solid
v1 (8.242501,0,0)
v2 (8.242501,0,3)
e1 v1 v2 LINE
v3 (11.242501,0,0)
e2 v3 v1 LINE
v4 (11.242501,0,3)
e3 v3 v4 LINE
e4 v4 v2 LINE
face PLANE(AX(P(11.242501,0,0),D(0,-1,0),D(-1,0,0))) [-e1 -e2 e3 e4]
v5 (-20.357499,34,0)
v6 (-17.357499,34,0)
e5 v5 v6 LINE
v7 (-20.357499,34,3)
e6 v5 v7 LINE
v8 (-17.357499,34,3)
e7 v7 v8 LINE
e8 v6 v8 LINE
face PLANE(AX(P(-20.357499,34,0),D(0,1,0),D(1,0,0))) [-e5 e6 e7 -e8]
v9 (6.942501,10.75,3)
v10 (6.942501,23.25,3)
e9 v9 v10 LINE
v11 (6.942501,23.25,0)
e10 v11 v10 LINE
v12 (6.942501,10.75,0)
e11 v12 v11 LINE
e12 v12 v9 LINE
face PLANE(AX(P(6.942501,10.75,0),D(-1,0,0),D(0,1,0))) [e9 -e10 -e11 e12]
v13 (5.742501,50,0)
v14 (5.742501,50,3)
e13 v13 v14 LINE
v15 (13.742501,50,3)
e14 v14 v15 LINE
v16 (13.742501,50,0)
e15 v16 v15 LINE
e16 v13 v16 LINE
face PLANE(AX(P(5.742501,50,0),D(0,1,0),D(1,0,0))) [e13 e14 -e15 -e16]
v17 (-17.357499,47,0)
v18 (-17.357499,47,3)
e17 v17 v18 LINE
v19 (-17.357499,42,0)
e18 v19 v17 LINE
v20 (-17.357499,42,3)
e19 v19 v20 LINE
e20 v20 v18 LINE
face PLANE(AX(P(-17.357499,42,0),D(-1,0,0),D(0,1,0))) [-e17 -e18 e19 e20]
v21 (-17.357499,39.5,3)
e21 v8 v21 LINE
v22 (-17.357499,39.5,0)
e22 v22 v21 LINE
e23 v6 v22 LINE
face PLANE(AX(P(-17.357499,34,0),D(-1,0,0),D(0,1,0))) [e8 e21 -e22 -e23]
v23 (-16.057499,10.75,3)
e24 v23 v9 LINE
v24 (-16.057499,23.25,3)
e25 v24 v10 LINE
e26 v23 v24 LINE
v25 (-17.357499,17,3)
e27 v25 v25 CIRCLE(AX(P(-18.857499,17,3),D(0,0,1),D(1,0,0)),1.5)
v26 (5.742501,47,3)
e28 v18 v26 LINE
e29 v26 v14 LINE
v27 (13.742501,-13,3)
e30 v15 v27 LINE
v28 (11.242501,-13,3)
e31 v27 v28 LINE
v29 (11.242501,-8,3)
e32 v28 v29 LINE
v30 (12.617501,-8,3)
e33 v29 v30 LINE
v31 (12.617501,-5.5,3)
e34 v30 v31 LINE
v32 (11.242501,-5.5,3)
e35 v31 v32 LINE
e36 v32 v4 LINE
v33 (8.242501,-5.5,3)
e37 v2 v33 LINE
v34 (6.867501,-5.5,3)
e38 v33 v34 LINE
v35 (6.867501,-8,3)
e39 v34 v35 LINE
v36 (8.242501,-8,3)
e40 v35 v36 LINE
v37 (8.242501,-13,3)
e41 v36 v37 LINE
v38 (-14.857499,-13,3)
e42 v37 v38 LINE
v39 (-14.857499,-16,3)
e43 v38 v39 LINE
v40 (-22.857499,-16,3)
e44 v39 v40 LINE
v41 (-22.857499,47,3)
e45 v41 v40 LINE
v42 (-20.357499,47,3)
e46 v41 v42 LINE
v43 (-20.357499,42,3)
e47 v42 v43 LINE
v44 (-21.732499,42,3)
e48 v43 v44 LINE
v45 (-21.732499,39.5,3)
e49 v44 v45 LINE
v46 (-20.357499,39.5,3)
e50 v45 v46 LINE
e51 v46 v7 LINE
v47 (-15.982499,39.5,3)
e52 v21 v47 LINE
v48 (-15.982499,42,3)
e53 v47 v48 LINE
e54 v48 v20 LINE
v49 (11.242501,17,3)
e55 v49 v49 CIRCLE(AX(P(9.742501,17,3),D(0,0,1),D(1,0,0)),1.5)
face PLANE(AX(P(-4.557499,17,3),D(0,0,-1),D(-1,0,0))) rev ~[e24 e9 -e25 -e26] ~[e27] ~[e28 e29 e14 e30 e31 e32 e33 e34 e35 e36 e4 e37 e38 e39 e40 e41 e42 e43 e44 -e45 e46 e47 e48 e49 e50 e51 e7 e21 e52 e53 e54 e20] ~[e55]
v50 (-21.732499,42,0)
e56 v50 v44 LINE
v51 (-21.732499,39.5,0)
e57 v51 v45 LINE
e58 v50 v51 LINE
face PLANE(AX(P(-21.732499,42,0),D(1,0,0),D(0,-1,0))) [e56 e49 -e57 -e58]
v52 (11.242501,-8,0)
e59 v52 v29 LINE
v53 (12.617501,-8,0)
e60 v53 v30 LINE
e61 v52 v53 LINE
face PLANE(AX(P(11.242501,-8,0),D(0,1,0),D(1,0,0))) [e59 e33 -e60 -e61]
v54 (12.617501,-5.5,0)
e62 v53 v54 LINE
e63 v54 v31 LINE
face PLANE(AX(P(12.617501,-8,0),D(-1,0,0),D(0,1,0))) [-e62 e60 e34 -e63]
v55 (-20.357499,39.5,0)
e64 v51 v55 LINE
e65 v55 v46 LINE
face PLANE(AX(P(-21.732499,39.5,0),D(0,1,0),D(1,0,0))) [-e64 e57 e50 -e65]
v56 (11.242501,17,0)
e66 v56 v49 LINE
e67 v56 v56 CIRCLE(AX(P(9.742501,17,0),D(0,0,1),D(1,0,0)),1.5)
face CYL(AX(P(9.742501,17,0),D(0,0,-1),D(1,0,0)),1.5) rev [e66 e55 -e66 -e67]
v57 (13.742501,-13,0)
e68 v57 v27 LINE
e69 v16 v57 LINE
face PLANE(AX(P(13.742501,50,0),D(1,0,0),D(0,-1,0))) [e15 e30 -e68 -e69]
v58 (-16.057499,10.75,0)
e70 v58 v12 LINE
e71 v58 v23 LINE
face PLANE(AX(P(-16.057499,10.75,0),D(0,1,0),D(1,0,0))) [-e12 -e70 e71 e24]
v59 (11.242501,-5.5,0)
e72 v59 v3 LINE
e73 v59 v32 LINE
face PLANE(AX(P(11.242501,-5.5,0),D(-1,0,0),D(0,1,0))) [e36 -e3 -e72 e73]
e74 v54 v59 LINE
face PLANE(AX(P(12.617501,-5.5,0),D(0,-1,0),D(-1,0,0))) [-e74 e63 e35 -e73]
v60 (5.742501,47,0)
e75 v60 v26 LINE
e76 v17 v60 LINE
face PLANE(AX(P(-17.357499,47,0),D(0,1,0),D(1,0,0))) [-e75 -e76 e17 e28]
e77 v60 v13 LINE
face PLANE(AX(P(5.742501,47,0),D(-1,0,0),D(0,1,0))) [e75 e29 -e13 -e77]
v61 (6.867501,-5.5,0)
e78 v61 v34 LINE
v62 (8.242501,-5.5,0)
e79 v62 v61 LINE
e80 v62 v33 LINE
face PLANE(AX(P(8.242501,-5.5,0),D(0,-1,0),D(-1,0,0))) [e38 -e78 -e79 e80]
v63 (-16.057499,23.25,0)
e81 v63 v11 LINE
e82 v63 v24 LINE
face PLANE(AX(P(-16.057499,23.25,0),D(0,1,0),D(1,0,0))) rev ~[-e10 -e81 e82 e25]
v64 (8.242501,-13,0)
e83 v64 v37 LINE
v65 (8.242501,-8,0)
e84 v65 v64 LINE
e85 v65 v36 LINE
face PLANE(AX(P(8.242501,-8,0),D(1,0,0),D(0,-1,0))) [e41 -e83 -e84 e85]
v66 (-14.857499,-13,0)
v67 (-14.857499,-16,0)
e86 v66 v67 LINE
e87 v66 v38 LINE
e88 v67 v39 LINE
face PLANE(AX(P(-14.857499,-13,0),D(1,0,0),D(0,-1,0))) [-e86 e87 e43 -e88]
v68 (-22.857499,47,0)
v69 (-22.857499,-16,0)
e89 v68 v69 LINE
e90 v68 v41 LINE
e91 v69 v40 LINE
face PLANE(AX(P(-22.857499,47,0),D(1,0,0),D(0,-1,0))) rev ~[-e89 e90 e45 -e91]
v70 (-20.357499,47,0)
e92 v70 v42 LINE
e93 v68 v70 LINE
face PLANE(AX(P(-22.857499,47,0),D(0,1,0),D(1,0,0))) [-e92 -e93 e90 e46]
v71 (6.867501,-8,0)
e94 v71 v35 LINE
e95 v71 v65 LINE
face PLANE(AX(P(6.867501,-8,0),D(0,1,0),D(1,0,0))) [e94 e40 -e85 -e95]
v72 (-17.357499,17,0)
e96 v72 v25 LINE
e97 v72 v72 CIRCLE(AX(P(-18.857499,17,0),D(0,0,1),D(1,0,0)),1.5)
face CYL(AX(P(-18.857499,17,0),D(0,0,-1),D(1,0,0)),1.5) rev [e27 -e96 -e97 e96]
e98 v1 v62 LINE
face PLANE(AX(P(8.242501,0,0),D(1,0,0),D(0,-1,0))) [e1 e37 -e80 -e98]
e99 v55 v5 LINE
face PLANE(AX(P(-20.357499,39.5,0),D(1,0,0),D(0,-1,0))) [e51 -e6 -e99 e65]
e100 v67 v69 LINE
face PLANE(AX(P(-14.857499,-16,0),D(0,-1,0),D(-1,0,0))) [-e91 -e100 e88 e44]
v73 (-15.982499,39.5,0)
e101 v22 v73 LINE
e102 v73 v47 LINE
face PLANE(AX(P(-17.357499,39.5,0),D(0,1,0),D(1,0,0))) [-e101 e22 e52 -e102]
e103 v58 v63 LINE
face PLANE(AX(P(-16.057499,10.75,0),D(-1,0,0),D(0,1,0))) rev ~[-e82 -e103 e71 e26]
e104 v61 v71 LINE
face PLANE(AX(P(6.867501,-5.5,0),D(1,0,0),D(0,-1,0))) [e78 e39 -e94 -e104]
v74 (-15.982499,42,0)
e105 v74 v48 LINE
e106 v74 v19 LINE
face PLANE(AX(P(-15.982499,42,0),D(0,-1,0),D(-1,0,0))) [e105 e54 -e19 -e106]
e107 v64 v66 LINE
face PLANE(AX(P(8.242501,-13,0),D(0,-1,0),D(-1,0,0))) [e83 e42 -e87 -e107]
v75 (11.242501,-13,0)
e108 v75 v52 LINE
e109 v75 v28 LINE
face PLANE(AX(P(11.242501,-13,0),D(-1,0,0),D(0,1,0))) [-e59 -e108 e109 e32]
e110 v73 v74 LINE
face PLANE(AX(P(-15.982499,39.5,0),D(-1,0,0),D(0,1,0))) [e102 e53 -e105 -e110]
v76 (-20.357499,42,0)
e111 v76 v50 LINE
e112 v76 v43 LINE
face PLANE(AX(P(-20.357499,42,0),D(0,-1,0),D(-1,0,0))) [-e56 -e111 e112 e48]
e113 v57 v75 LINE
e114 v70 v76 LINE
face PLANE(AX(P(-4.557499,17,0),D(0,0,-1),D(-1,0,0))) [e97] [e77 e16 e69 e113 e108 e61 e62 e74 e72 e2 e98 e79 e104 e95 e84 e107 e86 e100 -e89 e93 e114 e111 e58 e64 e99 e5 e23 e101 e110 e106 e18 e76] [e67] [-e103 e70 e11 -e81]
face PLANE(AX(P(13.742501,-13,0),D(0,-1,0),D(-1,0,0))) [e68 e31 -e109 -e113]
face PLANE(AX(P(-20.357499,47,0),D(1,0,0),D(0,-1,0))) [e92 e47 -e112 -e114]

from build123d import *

# Parameters (mm, degrees)
ESBO_O1_R                = 1.5
ESBO_O1_W                = 23
ESBO_O1_H                = 12.5
RESSALTO_EXTRUS_O1_DEPTH = 3


with BuildPart() as part:
    # Esboço1 → Ressalto-extrusão1 (new body)
    with BuildSketch(Plane.XY):
        Polygon((11.242500706, -13), (11.242500706, -8), (12.617500706, -8), (12.617500706, -5.5), (11.242500706, -5.5), (11.242500706, 0), (8.242500706, 0), (8.242500706, -5.5), (6.867500706, -5.5), (6.867500706, -8), (8.242500706, -8), (8.242500706, -13), (-14.857499294, -13), (-14.857499294, -16), (-22.857499294, -16), (-22.857499294, -13), (-22.857499294, 25.3), (-22.857499294, 47), (-20.357499294, 47), (-20.357499294, 42), (-21.732499294, 42), (-21.732499294, 39.5), (-20.357499294, 39.5), (-20.357499294, 34), (-17.357499294, 34), (-17.357499294, 39.5), (-15.982499294, 39.5), (-15.982499294, 42), (-17.357499294, 42), (-17.357499294, 47), (5.742500706, 47), (5.742500706, 50), (13.742500706, 50), (13.742500706, -13), align=None)
        with Locations((-18.857499294, 17)):
            Circle(ESBO_O1_R, mode=Mode.SUBTRACT)
        with Locations((9.742500706, 17)):
            Circle(ESBO_O1_R, mode=Mode.SUBTRACT)
        with Locations((-4.557499294, 17)):
            Rectangle(ESBO_O1_W, ESBO_O1_H, mode=Mode.SUBTRACT)
    extrude(amount=RESSALTO_EXTRUS_O1_DEPTH)


solid = part.part
